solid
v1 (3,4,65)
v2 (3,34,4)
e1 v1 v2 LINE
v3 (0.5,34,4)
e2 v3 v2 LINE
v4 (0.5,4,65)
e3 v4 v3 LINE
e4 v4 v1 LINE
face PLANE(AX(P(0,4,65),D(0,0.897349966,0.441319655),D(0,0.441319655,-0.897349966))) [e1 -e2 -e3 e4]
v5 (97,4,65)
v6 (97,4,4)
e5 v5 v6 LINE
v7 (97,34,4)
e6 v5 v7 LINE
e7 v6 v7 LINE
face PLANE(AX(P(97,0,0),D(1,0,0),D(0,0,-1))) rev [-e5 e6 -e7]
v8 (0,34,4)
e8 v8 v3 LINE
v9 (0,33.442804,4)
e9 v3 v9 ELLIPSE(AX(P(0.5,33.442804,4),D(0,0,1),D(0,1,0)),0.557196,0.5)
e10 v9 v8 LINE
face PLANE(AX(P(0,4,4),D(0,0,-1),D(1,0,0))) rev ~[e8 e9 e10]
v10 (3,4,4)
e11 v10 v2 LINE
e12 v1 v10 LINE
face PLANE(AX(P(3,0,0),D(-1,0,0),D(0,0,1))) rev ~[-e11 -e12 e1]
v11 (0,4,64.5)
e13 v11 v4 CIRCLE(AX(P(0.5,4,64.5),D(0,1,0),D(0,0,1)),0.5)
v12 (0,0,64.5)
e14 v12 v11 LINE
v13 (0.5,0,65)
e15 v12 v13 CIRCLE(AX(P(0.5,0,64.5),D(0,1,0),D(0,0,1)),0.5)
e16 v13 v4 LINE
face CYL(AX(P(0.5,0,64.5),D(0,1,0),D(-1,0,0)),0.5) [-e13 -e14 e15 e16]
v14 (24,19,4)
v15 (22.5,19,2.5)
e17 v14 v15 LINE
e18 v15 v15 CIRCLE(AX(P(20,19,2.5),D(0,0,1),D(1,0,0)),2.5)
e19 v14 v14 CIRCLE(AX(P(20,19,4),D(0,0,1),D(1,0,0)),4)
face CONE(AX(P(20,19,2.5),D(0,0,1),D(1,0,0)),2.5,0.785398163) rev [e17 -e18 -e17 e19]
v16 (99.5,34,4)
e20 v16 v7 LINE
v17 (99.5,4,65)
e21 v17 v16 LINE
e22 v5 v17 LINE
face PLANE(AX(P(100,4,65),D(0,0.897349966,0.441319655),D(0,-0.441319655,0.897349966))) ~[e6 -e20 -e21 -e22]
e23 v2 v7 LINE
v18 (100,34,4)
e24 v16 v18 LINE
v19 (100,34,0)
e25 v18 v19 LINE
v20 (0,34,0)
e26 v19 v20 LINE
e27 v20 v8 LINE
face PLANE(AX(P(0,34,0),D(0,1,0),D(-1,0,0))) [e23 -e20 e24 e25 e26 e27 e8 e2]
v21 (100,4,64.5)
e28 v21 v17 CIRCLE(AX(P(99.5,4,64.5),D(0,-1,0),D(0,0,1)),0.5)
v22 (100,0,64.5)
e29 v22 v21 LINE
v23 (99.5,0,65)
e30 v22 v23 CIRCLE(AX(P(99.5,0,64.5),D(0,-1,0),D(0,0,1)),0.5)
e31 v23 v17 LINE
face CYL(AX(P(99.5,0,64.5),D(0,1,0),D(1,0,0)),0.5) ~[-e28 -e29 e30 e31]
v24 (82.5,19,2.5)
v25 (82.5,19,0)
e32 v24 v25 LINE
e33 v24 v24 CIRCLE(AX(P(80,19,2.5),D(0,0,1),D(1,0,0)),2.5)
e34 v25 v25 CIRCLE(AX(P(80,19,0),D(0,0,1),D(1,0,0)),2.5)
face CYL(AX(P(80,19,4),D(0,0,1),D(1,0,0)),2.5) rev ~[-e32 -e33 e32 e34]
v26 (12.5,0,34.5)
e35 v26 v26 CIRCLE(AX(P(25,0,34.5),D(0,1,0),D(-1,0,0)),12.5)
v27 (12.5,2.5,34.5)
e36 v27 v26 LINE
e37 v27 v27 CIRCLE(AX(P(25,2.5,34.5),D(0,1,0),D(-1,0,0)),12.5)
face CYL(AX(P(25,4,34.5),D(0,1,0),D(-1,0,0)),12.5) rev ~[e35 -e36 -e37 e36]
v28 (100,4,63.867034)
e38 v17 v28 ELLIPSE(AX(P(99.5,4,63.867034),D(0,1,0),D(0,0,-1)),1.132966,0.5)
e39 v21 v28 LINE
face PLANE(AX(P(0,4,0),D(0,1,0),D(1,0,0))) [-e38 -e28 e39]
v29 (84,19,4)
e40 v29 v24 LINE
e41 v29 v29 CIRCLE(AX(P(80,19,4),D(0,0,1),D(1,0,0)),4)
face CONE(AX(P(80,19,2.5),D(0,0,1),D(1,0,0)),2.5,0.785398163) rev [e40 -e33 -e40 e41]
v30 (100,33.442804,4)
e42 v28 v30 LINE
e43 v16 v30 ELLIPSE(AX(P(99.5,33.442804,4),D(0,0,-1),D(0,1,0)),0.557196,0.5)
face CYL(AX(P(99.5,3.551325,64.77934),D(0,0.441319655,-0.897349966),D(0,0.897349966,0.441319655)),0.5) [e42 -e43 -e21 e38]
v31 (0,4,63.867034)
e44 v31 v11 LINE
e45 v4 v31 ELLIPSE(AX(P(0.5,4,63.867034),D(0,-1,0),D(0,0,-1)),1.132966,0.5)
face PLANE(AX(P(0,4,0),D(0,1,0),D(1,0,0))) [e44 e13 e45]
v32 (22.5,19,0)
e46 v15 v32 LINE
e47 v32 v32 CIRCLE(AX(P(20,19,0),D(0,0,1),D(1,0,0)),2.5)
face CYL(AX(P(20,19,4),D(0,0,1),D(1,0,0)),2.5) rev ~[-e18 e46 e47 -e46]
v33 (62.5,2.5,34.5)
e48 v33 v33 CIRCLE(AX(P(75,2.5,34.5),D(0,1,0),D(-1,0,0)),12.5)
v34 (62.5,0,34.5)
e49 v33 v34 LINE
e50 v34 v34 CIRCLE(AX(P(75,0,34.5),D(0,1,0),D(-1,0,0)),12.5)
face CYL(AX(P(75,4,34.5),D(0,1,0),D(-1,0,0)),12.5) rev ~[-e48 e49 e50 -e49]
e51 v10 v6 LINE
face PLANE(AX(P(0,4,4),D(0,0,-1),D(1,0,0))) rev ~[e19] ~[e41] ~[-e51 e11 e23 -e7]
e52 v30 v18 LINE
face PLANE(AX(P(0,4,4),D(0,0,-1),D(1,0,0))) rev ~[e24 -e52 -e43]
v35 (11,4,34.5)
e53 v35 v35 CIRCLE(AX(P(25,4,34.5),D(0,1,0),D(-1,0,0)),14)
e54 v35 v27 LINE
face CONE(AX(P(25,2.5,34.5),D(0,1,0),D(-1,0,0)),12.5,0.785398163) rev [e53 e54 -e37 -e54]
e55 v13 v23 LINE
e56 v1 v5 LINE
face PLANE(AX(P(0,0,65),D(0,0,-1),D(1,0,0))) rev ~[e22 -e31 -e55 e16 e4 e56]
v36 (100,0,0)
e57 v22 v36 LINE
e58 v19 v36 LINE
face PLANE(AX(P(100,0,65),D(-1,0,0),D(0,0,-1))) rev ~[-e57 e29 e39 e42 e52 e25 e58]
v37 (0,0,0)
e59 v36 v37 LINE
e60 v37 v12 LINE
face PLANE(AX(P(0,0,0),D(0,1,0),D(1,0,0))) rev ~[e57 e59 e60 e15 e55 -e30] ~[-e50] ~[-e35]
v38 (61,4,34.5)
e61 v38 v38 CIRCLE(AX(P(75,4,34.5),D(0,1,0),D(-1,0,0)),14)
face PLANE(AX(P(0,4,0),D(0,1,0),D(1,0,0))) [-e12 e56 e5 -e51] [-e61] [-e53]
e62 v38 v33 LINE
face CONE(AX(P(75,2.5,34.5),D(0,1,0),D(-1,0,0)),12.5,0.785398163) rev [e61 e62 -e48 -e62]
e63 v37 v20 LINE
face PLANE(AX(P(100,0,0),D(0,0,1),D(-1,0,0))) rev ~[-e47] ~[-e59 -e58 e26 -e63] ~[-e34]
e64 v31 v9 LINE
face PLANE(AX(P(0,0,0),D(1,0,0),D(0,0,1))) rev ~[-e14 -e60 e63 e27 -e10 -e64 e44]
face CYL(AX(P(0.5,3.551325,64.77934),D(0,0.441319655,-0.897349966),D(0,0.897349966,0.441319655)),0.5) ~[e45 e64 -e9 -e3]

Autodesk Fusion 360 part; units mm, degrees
sketch "Sketch1" plane through (0, 0, 0) normal (0, 1, 0) x (1, 0, 0)
  line L0 (0, 0) -> (0, -65)
  line L1 (0, -65) -> (100, -65)
  line L2 (100, -65) -> (100, 0)
  line L3 (100, 0) -> (0, 0)
  dimension "d1" = 65
extrude "Extrude1" add sketch "Sketch1" along normal blind 4 makes body 1
sketch "Sketch2" plane through (0, 4, 0) normal (0, 1, 0) x (-1, 0, 0)
  line L0 (-100, 0) -> (0, 0)
  line L1 (0, 0) -> (0, 65)
  line L2 (0, 65) -> (-100, 65)
  line L3 (-100, 65) -> (-100, 0)
  line L4 (0, 0) -> (-100, 0)
  line L5 (-100, 0) -> (-100, 4)
  line L6 (0, 0) -> (0, 4)
  line L7 (0, 4) -> (-100, 4)
  dimension "d4" = 4
  dimension "d5" = 4
extrude "Extrude2" add sketch "Sketch2" along normal blind 30 contours L0 L1 L3 L4 L5 L6 L7 bodies 1
sketch "Sketch4" plane through (0, 4, 0) normal (0, 1, 0) x (-1, 0, 0)
  line L0 (-100, 4) -> (0, 4)
  line L1 (0, 4) -> (0, 65)
  line L2 (0, 65) -> (-100, 65)
  line L3 (-100, 65) -> (-100, 4)
  line L4 (-50, 4) -> (-50, 65) construction
  line L5 (-50, 34.5) -> (-25, 34.5) construction
  circle A0 centre (-25, 34.5) radius 12.5
  circle A1 centre (-75, 34.5) radius 12.5
  dimension "d8" = 25
  dimension "d9" = 25
sketch "Sketch6" plane through (0, 0, 0) normal (-1, 0, 0) x (0, 0, 1)
  line L0 (0, 0) -> (65, 0)
  line L1 (65, 0) -> (65, 4)
  line L2 (65, 4) -> (4, 4)
  line L3 (4, 4) -> (4, 34)
  line L4 (4, 34) -> (0, 34)
  line L5 (0, 34) -> (0, 0)
  line L6 (4, 34) -> (4, 4)
  line L7 (65, 4) -> (4, 34)
extrude "Extrude3" add sketch "Sketch6" against normal blind 3 separate body contours L2 L3 L6 L7 makes body 2
ref_plane "WorkPlane1" through (50, 19, 34.5) normal (-1, 0, 0) x (0, 0, 1)
mirror "Mirror1" about plane through (50, 19, 34.5) normal (-1, 0, 0) of bodies 2 makes body 3
extrude "Extrude4" cut sketch "Sketch4" against normal blind 30 contours A0 | A1 bodies 1
chamfer "Chamfer1" distance 1.5 angle 45 2 edges at (86.6541, 4, 39.0202) (36.6541, 4, 39.0202) on bodies 1
sketch "Sketch7" plane through (0, 0, 4) normal (0, 0, 1) x (1, 0, 0)
  line L0 (0, 4) -> (100, 4)
  line L1 (100, 4) -> (100, 34)
  line L2 (100, 34) -> (0, 34)
  line L3 (0, 34) -> (0, 4)
  line L4 (50, 34) -> (50, 19) construction
  line L5 (50, 19) -> (20, 19)
  circle A0 centre (20, 19) radius 2.5
  circle A1 centre (80, 19) radius 2.5
  dimension "d17" = 15
  dimension "d18" = 30
  dimension "d19" = 5
extrude "Extrude5" cut sketch "Sketch7" against normal blind 29 contours A0 | A1 bodies 1
chamfer "Chamfer2" distance 1.5 angle 45 2 edges at (77.6692, 19.904, 4) (17.6692, 19.904, 4) on bodies 1
fillet "Fillet4" radius 0.5 4 edges at (0, 2, 65) (100, 2, 65) (0, 19, 34.5) (100, 19, 34.5) on bodies 1 2 3
combine "Combine1" operation add target body 1 tool bodies 2 3
